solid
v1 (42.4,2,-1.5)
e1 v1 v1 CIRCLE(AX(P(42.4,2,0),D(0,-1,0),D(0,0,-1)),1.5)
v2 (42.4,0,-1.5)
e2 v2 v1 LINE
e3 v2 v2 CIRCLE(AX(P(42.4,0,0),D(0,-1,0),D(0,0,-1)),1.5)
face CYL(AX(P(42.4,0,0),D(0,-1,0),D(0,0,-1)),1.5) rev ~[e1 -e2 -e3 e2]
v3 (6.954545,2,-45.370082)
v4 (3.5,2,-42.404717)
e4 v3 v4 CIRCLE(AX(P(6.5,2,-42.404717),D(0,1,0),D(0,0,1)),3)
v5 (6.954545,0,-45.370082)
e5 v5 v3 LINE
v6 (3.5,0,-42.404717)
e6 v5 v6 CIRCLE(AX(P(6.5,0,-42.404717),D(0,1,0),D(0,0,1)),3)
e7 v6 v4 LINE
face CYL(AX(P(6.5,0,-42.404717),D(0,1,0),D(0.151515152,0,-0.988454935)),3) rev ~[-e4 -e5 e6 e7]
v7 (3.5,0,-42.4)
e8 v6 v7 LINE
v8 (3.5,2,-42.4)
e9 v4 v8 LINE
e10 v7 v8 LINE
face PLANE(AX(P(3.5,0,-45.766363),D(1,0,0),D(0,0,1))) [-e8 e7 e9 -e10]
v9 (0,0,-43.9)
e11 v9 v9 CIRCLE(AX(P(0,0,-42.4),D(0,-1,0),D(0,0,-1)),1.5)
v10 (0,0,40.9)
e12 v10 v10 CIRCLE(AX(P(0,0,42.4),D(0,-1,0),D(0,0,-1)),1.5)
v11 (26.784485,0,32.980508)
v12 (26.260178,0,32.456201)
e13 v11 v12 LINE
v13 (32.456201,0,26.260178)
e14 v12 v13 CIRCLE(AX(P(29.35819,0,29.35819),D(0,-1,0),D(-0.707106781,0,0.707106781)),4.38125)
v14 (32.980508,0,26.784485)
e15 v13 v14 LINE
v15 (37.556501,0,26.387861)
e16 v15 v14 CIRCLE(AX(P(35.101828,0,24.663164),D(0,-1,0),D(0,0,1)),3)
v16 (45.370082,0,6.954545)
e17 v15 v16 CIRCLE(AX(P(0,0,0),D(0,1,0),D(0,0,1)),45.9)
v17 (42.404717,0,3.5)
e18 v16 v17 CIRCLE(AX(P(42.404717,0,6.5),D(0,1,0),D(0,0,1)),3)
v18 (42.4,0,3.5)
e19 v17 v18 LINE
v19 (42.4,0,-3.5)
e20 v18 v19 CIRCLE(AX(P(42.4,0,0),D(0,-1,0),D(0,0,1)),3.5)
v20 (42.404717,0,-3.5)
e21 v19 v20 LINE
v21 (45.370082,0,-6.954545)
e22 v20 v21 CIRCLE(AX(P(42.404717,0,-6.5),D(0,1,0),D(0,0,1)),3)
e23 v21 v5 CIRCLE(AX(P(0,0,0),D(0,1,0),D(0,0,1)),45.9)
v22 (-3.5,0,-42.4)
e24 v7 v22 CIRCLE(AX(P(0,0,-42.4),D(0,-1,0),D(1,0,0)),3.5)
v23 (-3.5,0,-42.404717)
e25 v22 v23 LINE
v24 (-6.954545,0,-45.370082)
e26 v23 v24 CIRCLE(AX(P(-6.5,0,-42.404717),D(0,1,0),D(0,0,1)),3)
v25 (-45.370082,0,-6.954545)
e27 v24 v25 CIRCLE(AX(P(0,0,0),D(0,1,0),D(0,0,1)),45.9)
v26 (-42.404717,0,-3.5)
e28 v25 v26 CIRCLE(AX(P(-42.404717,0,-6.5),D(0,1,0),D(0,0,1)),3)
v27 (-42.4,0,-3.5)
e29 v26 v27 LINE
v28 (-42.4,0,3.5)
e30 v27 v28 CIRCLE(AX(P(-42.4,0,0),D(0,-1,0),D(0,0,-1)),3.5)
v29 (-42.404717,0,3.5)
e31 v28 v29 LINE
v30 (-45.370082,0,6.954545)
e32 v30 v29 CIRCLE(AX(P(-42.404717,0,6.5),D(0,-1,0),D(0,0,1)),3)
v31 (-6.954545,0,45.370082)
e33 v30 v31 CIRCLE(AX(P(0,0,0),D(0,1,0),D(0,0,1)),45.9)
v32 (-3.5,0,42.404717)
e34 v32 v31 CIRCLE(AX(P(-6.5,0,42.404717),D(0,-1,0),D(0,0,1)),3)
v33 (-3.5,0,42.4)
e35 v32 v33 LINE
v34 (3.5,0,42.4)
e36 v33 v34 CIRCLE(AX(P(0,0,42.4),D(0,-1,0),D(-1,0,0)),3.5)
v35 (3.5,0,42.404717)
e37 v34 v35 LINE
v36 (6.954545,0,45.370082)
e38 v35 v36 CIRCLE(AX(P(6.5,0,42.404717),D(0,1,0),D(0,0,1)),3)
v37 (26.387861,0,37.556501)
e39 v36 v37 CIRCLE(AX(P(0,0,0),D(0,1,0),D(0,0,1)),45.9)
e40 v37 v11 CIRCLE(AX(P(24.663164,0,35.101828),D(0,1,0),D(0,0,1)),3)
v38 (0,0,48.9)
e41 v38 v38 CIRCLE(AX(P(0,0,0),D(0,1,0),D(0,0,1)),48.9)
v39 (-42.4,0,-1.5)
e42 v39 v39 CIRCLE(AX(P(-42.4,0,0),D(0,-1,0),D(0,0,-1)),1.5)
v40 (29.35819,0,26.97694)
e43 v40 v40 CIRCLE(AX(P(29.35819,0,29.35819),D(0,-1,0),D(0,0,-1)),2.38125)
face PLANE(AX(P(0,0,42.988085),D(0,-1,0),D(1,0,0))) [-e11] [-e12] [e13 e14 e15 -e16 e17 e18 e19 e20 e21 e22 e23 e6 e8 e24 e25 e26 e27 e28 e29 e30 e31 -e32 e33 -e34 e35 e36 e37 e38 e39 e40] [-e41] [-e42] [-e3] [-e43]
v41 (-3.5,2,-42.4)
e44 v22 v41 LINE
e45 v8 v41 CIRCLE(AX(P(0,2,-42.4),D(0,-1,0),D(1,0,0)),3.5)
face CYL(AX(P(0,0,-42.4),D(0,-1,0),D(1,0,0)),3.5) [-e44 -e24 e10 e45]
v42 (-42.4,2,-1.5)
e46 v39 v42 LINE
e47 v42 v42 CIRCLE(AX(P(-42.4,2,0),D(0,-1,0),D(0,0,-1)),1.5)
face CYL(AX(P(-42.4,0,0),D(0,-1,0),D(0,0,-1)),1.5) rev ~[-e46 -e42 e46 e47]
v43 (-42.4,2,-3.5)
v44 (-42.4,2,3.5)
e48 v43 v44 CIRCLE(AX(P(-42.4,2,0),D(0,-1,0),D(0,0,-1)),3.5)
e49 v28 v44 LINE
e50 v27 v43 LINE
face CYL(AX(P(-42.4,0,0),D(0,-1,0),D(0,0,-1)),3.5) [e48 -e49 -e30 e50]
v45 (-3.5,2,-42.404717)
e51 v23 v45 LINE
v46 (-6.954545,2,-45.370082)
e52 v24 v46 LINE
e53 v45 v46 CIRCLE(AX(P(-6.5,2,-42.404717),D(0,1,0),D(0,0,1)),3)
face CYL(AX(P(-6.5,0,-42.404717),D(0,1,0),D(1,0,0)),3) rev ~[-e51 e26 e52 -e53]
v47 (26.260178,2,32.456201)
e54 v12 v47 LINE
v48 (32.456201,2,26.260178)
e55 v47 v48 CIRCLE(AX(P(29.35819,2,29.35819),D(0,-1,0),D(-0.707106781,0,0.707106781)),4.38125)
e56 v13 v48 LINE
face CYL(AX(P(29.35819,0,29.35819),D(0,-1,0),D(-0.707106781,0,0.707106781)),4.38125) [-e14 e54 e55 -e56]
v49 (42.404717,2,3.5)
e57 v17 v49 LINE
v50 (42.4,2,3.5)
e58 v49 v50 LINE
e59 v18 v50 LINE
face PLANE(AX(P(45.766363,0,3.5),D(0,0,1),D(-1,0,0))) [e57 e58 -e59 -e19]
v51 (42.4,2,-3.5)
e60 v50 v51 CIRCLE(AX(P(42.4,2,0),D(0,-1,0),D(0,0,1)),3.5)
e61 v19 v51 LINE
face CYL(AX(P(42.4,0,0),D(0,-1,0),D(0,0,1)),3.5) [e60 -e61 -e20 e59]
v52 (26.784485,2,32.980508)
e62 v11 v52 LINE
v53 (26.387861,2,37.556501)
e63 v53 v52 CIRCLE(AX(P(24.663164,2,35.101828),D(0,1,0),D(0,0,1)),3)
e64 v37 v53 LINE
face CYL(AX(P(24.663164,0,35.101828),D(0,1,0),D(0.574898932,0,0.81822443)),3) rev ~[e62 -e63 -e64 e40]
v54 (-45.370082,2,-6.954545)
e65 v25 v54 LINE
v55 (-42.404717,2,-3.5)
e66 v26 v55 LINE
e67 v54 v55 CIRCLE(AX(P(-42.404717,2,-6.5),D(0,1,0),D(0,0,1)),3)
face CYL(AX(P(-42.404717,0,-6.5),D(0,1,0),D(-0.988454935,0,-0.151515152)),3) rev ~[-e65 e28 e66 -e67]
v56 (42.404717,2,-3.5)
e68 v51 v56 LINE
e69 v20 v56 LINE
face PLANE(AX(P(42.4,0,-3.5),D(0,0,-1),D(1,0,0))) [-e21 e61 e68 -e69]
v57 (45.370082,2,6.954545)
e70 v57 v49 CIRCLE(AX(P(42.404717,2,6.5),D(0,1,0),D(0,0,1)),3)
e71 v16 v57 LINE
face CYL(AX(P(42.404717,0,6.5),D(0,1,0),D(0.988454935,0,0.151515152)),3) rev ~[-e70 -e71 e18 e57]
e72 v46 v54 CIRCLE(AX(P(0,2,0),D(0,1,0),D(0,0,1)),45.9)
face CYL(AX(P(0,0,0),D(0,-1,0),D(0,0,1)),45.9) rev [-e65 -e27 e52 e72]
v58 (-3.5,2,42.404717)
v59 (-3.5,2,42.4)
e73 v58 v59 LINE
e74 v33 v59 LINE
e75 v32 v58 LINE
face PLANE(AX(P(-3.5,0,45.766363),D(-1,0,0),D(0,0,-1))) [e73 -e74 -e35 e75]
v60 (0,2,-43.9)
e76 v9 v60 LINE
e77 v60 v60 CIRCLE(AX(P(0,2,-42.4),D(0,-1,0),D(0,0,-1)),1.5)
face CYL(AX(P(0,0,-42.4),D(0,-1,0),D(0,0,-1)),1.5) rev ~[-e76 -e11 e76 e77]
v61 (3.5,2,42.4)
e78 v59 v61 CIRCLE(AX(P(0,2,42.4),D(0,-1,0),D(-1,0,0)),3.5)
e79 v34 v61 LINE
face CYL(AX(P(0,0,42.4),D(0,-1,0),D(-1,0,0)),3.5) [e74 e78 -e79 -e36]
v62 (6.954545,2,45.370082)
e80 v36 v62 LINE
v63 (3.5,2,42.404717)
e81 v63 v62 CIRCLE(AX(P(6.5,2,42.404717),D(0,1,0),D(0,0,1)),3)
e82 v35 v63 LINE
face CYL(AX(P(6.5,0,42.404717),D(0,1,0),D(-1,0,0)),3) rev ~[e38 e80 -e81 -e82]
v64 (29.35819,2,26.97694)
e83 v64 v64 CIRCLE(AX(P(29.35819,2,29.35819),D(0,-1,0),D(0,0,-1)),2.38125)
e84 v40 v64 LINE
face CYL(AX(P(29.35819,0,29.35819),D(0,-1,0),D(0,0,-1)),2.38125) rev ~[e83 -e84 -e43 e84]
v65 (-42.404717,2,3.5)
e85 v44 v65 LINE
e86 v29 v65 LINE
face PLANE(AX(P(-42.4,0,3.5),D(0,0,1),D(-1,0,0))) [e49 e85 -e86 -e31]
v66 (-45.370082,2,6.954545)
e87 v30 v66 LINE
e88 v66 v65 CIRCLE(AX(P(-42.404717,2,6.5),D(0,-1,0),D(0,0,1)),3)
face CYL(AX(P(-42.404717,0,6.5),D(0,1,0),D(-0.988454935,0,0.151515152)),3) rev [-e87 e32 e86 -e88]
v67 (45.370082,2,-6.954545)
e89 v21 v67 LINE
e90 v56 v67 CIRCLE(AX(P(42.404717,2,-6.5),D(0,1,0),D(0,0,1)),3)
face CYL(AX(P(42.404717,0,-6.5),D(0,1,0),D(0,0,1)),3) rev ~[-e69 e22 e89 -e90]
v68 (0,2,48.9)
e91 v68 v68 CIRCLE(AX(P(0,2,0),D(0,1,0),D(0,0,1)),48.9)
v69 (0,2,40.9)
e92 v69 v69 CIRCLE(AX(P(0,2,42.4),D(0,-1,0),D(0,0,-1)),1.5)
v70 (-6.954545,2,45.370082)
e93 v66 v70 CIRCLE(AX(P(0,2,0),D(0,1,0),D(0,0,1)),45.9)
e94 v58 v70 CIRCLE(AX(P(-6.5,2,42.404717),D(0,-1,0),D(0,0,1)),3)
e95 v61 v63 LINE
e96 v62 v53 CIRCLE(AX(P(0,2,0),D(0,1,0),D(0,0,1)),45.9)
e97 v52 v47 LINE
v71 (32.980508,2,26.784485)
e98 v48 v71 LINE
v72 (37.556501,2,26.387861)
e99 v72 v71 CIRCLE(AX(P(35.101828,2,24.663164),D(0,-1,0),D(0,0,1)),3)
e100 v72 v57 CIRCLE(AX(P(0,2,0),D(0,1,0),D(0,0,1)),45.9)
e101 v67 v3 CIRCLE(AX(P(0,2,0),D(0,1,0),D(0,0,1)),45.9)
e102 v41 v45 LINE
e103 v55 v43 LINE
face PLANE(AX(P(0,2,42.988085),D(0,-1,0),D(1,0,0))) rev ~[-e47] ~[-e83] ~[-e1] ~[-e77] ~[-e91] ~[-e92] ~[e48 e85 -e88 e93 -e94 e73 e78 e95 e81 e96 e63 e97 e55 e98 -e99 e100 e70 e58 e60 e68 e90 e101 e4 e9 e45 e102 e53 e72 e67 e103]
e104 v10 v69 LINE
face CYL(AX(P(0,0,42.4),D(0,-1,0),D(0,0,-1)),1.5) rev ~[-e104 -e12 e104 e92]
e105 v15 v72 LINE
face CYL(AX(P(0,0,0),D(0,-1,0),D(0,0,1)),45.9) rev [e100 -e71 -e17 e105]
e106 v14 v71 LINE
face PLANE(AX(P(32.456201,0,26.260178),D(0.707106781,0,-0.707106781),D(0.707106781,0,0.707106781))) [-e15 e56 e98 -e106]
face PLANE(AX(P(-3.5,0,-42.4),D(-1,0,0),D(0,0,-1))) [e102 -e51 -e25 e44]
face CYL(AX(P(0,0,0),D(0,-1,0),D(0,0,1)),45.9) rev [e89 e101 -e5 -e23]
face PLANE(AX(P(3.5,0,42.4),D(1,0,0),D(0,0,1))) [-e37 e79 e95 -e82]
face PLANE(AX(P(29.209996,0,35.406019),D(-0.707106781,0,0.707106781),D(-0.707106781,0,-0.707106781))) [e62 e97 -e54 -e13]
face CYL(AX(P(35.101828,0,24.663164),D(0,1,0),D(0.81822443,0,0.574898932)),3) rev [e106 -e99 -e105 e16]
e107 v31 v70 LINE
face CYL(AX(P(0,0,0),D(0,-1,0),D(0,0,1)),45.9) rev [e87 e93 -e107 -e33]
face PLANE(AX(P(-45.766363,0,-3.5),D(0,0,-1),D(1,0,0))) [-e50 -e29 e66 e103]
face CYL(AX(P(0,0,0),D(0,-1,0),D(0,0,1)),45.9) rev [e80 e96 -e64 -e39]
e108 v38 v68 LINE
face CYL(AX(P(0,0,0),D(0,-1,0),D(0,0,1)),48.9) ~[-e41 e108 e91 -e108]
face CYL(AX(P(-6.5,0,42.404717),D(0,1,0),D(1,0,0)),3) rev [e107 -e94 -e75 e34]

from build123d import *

# Parameters (mm, degrees)
SKETCH1_R           = 48.9
SKETCH1_R_2         = 45.9
BOSS_EXTRUDE1_DEPTH = 2
SKETCH2_R           = 1.5
BOSS_EXTRUDE2_DEPTH = 2
SKETCH3_R           = 2.38125
BOSS_EXTRUDE3_DEPTH = 2
FILLET1_R           = 3


with BuildPart() as part:
    # Sketch1 → Boss-Extrude1 (new body)
    with BuildSketch(Plane(origin=(0, 0, 0), x_dir=(1, 0, 0), z_dir=(0, 1, 0))):
        with Locations(Location((0, 0, 0), (0, 0, 270))):
            Circle(SKETCH1_R)
        with Locations(Location((0, 0, 0), (0, 0, 270))):
            Circle(SKETCH1_R_2, mode=Mode.SUBTRACT)
    extrude(amount=BOSS_EXTRUDE1_DEPTH)

    # Sketch2 → Boss-Extrude2 (add)
    # profile 1 of 4: a face of its own
    with BuildSketch(Plane.XZ):
        with BuildLine():
            Line((-3.5, 45.766363194), (-3.5, 42.4))
            ThreePointArc((-3.5, 42.4), (0, 38.9), (3.5, 42.4))
            Line((3.5, 42.4), (3.5, 45.766363194))
            ThreePointArc((3.5, 45.766363194), (0, 45.9), (-3.5, 45.766363194))
        make_face()
        with Locations(Location((0, 42.4, 0), (0, 0, 270))):
            Circle(SKETCH2_R, mode=Mode.SUBTRACT)
    # profile 2 of 4: a face of its own
    with BuildSketch(Plane.XZ):
        with BuildLine():
            ThreePointArc((45.9, 0), (45.866578631, 1.751275164), (45.766363194, 3.5))
            Line((45.766363194, 3.5), (42.4, 3.5))
            ThreePointArc((42.4, 3.5), (38.9, 0), (42.4, -3.5))
            Line((42.4, -3.5), (45.766363194, -3.5))
            ThreePointArc((45.766363194, -3.5), (45.866578631, -1.751275164), (45.9, 0))
        make_face()
        with Locations(Location((42.4, 0, 0), (0, 0, 270))):
            Circle(SKETCH2_R, mode=Mode.SUBTRACT)
    # profile 3 of 4: a face of its own
    with BuildSketch(Plane.XZ):
        with BuildLine():
            Line((-3.5, -42.4), (-3.5, -45.766363194))
            ThreePointArc((-3.5, -45.766363194), (0, -45.9), (3.5, -45.766363194))
            Line((3.5, -45.766363194), (3.5, -42.4))
            ThreePointArc((3.5, -42.4), (0, -38.9), (-3.5, -42.4))
        make_face()
        with Locations(Location((0, -42.4, 0), (0, 0, 270))):
            Circle(SKETCH2_R, mode=Mode.SUBTRACT)
    # profile 4 of 4: a face of its own
    with BuildSketch(Plane.XZ):
        with BuildLine():
            Line((-42.4, 3.5), (-45.766363194, 3.5))
            ThreePointArc((-45.766363194, 3.5), (-45.9, 0), (-45.766363194, -3.5))
            Line((-45.766363194, -3.5), (-42.4, -3.5))
            ThreePointArc((-42.4, -3.5), (-38.9, 0), (-42.4, 3.5))
        make_face()
        with Locations(Location((-42.4, 0, 0), (0, 0, 270))):
            Circle(SKETCH2_R, mode=Mode.SUBTRACT)
    extrude(amount=-BOSS_EXTRUDE2_DEPTH)

    # Sketch3 → Boss-Extrude3 (add)
    with BuildSketch(Plane.XZ):
        with BuildLine():
            ThreePointArc((35.406018707, 29.209995537), (32.456201256, 32.456201256), (29.209995537, 35.406018707))
            Line((29.209995537, 35.406018707), (26.260178086, 32.456201256))
            ThreePointArc((26.260178086, 32.456201256), (26.260178086, 26.260178086), (32.456201256, 26.260178086))
            Line((32.456201256, 26.260178086), (35.406018707, 29.209995537))
        make_face()
        with Locations(Location((29.358189671, 29.358189671, 0), (0, 0, 270))):
            Circle(SKETCH3_R, mode=Mode.SUBTRACT)
    extrude(amount=-BOSS_EXTRUDE3_DEPTH)

    # Fillet1
    fillet1_edges = [part.edges().sort_by_distance(p)[0] for p in [
        (3.5, 1, 45.766363194),
        (-3.5, 1, 45.766363194),
        (45.766363194, 1, -3.5),
        (45.766363194, 1, 3.5),
        (-3.5, 1, -45.766363194),
        (3.5, 1, -45.766363194),
        (-45.766363194, 1, 3.5),
        (-45.766363194, 1, -3.5),
        (35.406018707, 1, 29.209995537),
        (29.209995537, 1, 35.406018707),
    ]]
    fillet(fillet1_edges, radius=FILLET1_R)


solid = part.part
